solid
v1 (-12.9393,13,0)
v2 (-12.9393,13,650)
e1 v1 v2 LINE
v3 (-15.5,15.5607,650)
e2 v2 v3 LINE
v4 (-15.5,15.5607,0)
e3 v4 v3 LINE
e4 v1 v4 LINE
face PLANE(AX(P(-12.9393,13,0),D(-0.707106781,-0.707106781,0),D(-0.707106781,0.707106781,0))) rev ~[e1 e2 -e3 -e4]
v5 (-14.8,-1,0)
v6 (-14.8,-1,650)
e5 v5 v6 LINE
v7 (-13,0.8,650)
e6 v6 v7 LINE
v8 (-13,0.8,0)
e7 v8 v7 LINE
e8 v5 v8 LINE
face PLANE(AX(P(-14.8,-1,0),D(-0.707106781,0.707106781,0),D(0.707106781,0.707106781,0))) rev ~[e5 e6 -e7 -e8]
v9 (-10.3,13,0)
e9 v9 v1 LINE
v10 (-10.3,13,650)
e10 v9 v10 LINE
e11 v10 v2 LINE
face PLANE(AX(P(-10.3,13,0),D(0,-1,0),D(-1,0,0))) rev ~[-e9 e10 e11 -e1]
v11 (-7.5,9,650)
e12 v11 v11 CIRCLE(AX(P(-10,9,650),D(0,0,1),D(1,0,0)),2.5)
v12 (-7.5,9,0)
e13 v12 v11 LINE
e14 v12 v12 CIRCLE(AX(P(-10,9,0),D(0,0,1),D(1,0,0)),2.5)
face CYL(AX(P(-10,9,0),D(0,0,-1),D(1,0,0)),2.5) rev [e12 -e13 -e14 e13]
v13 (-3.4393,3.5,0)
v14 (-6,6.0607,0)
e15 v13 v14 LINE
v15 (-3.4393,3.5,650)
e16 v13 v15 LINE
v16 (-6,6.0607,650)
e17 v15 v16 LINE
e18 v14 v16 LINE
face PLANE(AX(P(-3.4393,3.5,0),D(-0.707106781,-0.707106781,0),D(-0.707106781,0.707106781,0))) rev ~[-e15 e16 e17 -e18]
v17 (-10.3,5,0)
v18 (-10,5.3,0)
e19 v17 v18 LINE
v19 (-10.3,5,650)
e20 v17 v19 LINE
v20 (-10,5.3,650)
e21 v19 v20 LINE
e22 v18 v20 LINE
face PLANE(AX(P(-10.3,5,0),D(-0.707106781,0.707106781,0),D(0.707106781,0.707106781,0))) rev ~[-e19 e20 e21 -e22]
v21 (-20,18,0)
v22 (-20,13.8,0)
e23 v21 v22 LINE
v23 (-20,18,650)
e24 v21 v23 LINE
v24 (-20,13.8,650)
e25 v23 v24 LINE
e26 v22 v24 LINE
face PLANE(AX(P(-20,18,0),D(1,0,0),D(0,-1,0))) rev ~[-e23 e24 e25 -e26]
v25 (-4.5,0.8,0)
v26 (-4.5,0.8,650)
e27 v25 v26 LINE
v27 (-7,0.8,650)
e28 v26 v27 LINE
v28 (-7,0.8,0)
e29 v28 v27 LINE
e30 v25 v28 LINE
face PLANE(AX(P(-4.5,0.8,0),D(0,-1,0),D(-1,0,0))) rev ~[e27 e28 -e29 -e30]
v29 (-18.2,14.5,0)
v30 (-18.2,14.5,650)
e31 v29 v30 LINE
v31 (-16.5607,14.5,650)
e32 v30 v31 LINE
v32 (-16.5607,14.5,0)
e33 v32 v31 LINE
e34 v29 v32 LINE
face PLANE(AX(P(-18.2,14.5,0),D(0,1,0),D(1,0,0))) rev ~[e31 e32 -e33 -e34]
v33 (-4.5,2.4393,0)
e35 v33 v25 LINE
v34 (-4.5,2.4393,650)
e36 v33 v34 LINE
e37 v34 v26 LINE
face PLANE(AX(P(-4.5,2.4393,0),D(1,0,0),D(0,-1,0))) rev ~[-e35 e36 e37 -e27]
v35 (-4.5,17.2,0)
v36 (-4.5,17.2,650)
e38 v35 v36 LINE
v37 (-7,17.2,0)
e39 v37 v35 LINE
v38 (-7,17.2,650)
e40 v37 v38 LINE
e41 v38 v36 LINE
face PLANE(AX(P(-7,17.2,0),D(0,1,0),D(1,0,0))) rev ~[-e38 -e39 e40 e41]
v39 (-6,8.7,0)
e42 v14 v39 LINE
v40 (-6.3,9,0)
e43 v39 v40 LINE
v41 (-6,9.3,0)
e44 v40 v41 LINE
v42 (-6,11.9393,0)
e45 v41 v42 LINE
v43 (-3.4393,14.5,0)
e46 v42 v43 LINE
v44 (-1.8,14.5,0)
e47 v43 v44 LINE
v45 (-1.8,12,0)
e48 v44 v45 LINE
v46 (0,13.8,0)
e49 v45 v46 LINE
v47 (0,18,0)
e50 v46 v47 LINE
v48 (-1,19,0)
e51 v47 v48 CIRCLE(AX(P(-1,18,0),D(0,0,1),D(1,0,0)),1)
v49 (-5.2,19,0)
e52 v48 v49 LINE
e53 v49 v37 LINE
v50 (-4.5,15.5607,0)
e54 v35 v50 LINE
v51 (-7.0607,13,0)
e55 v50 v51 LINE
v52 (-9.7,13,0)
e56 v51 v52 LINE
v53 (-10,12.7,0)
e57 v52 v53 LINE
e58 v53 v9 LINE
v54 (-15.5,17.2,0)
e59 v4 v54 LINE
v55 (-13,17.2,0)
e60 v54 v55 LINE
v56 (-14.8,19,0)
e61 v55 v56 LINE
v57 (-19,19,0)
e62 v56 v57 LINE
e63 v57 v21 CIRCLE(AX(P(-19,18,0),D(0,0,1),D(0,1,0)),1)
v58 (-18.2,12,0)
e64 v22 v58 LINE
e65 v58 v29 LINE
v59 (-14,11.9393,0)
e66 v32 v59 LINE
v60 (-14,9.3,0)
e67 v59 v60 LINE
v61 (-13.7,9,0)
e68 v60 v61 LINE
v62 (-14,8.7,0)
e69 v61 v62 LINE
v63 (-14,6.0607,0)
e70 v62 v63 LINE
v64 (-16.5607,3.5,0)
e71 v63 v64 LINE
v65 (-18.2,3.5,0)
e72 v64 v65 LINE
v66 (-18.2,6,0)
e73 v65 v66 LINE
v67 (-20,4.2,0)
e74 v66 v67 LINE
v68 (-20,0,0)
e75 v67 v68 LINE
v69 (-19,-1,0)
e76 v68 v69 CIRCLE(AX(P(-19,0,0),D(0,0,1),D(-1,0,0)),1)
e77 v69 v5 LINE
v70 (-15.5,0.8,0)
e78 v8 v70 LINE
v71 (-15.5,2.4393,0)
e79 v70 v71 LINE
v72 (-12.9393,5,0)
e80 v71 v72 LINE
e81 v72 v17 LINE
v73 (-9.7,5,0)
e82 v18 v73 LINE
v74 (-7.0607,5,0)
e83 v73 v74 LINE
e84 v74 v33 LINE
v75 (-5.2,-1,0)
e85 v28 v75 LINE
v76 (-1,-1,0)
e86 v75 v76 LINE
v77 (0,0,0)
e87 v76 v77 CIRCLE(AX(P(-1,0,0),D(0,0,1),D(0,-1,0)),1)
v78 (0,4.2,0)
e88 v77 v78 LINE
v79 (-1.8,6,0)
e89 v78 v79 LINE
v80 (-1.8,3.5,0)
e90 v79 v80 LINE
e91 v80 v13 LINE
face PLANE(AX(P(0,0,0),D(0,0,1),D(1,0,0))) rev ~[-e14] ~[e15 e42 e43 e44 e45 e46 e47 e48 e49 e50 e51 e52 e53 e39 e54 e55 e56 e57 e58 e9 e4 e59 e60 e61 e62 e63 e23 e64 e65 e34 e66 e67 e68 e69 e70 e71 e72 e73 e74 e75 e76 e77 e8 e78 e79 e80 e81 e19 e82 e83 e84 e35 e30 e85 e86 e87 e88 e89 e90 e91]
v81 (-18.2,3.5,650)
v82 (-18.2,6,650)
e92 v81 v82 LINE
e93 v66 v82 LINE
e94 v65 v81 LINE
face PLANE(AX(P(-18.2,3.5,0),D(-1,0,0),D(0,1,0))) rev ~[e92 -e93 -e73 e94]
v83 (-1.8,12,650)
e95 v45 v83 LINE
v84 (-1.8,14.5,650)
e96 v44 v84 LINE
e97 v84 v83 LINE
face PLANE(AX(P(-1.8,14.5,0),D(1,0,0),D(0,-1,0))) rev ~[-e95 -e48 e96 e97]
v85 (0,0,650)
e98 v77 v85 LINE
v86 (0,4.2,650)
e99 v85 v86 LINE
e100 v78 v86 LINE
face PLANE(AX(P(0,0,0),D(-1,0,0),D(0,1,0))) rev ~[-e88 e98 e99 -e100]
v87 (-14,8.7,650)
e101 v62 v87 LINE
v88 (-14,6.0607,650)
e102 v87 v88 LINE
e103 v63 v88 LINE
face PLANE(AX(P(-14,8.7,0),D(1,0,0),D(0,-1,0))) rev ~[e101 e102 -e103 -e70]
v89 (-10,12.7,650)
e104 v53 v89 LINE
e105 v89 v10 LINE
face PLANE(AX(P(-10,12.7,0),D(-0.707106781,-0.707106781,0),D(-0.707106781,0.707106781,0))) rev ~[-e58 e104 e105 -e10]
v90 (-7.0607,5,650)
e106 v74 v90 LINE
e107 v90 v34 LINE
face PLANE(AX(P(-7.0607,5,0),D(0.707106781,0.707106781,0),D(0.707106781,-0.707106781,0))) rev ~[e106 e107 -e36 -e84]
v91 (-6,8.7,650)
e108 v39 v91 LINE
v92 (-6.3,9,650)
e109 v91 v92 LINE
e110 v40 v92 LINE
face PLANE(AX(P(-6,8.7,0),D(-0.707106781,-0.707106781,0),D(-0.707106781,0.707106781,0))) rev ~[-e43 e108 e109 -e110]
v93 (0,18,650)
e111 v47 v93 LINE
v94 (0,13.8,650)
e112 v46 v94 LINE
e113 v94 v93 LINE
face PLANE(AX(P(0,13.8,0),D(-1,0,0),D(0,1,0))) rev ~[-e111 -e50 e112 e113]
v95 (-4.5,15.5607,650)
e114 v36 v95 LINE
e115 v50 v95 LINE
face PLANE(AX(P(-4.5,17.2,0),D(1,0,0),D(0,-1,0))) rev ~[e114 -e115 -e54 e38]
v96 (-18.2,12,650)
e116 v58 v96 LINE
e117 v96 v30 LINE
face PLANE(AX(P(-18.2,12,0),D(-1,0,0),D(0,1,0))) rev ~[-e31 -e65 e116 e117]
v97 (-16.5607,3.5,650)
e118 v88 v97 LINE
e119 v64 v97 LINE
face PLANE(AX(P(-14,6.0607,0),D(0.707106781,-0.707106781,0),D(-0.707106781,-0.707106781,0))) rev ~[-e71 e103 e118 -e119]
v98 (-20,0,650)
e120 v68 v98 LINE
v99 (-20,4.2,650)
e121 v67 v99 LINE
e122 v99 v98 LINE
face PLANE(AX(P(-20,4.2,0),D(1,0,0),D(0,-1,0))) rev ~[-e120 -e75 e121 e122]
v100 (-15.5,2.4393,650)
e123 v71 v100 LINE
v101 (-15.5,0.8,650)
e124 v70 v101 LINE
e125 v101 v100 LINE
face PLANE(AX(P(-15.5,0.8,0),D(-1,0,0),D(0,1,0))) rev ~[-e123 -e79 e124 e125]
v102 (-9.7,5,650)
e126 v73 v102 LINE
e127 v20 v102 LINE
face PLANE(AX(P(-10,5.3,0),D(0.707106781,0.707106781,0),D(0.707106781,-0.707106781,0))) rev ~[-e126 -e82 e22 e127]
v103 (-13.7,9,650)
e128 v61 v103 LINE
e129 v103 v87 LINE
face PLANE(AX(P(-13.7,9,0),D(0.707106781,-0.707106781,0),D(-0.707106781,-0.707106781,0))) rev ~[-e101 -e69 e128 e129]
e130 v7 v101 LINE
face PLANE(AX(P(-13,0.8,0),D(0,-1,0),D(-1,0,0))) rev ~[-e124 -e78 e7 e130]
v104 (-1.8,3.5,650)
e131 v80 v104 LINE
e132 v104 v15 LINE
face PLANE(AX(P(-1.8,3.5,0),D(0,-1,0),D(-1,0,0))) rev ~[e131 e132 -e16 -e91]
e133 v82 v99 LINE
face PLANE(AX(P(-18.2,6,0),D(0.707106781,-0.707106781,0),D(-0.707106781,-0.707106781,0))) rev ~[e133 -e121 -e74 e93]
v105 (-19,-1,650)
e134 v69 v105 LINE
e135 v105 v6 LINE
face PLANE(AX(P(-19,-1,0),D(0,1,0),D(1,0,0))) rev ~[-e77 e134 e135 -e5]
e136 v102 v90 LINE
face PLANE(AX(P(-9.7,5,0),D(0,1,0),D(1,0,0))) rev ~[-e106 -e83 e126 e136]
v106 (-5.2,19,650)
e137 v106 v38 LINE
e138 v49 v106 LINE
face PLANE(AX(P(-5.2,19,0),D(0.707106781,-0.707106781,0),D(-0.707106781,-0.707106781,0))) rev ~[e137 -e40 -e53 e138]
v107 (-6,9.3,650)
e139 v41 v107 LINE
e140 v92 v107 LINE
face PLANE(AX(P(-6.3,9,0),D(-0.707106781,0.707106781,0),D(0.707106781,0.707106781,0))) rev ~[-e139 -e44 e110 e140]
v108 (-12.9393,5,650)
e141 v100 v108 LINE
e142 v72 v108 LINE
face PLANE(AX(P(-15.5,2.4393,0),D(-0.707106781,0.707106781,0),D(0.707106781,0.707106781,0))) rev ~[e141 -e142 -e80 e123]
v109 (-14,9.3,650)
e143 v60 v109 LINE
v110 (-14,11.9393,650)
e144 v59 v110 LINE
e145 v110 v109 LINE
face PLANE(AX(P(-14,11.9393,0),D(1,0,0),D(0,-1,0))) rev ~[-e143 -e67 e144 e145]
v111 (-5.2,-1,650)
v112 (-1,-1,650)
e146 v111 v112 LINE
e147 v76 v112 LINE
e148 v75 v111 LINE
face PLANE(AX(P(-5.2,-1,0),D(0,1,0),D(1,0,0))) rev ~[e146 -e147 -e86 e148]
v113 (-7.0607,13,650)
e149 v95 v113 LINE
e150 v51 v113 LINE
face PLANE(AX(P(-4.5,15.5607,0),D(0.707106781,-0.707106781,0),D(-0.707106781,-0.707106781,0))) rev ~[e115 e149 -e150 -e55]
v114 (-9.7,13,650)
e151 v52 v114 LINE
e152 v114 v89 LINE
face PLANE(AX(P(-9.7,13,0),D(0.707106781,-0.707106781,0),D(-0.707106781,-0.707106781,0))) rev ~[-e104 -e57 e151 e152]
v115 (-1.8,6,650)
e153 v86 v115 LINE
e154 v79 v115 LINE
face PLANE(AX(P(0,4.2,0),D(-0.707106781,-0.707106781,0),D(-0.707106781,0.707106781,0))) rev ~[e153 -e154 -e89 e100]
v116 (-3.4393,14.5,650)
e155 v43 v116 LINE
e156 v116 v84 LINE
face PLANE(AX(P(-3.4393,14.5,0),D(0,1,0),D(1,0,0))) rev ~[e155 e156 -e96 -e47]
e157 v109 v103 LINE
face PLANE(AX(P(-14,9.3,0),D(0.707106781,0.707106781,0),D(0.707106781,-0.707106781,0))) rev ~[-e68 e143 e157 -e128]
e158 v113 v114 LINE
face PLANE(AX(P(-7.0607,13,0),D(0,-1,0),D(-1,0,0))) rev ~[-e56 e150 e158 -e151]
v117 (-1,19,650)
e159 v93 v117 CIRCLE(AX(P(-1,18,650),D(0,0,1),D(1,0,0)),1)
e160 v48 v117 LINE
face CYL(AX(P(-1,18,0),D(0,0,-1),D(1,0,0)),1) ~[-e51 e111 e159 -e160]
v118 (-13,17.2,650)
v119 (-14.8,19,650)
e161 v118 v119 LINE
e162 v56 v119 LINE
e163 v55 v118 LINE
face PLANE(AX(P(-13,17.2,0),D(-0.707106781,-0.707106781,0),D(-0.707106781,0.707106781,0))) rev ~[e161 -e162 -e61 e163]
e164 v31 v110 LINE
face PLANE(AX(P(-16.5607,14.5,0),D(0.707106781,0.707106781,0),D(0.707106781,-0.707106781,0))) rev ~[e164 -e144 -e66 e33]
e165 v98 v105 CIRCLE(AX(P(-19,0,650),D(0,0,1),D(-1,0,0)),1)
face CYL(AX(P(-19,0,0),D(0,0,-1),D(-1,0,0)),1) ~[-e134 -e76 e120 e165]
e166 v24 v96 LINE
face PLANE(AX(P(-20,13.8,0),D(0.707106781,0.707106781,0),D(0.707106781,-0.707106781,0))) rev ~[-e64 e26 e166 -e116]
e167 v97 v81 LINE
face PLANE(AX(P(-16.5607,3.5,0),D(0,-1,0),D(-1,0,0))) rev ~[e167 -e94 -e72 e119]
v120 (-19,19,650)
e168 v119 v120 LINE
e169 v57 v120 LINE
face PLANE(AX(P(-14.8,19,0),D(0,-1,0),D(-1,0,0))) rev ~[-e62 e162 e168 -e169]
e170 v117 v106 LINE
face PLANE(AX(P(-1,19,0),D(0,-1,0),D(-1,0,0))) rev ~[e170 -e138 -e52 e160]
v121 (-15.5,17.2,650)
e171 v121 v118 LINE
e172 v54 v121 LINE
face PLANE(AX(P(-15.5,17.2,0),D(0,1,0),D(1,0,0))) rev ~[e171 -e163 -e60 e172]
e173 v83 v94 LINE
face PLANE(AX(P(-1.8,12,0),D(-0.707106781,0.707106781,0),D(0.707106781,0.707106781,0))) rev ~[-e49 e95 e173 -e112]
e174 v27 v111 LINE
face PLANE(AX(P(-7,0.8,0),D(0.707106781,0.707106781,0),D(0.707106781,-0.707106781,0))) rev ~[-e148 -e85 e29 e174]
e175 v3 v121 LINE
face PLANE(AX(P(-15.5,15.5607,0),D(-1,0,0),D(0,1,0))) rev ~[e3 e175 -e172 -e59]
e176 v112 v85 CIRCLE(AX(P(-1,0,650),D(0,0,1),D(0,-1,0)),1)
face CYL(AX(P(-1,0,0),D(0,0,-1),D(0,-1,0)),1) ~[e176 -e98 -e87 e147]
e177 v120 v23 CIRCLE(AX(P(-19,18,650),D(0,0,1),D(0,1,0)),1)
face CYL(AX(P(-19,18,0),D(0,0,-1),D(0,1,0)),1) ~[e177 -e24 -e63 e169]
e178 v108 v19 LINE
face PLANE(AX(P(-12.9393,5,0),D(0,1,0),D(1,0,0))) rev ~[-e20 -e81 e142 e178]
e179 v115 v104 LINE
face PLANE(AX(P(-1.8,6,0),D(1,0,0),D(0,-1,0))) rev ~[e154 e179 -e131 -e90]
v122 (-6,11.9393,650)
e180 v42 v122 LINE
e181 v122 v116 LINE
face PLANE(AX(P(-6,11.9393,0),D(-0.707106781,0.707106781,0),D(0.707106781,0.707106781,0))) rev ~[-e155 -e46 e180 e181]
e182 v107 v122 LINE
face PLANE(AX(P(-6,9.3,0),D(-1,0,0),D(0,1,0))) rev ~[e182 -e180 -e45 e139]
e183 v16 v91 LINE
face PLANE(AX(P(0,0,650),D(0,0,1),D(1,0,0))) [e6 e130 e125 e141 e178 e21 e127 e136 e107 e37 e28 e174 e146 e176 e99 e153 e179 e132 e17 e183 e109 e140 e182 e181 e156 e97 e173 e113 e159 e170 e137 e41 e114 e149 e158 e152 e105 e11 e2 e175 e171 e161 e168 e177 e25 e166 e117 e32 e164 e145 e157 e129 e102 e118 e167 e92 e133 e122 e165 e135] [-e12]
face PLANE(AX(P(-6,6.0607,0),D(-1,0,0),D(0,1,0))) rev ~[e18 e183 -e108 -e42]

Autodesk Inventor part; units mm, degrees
ref_plane "YZ Plane" through (0, 0, 0) normal (1, 0, 0) x (0, 1, 0)
ref_plane "XZ Plane" through (0, 0, 0) normal (0, 1, 0) x (-1, 0, 0)
ref_plane "XY Plane" through (0, 0, 0) normal (0, 0, 1) x (1, 0, 0)
sketch "Sketch1" plane through (0, 0, 0) normal (0, 0, 1) x (1, 0, 0)
  line L0 (-14, 8.7) -> (-14, 6.0607)
  line L1 (-14, 8.7) -> (-14, 6.0607)
  line L2 (-14, 6.0607) -> (-16.5607, 3.5)
  line L3 (-14, 6.0607) -> (-16.5607, 3.5)
  line L4 (-16.5607, 3.5) -> (-18.2, 3.5)
  line L5 (-16.5607, 3.5) -> (-18.2, 3.5)
  line L6 (-18.2, 3.5) -> (-18.2, 6)
  line L7 (-18.2, 3.5) -> (-18.2, 6)
  line L8 (-20, 4.2) -> (-20, 0)
  line L9 (-18.2, 6) -> (-20, 4.2)
  line L10 (-20, 4.2) -> (-20, 0)
  line L11 (-19, -1) -> (-14.8, -1)
  line L12 (-19, -1) -> (-14.8, -1)
  line L13 (-14.8, -1) -> (-13, 0.8)
  line L14 (-14.8, -1) -> (-13, 0.8)
  line L15 (-15.5, 0.8) -> (-15.5, 2.4393)
  line L16 (-13, 0.8) -> (-15.5, 0.8)
  line L17 (-15.5, 0.8) -> (-15.5, 2.4393)
  line L18 (-12.9393, 5) -> (-10.3, 5)
  line L19 (-15.5, 2.4393) -> (-12.9393, 5)
  line L20 (-12.9393, 5) -> (-10.3, 5)
  line L21 (-10, 5.3) -> (-9.7, 5)
  line L22 (-10.3, 5) -> (-10, 5.3)
  line L23 (-13.7, 9) -> (-14, 8.7)
  line L24 (-13.7, 9) -> (-14, 8.7)
  line L25 (-10, 9) -> (-10, 10.0607)
  circle A0 centre (-10, 9) radius 2.5
  arc A1 (-20, 0) -> (-19, -1) centre (-19, 0) ccw
  arc A2 (-20, 0) -> (-19, -1) centre (-19, 0) ccw
  line L26 (-7.0607, 5) -> (-4.5, 2.4393)
  line L27 (-4.5, 2.4393) -> (-4.5, 0.8)
  line L28 (-4.5, 0.8) -> (-7, 0.8)
  line L29 (-7, 0.8) -> (-5.2, -1)
  line L30 (-3.4393, 3.5) -> (-6, 6.0607)
  line L31 (-1.8, 6) -> (-1.8, 3.5)
  line L32 (-1.8, 3.5) -> (-3.4393, 3.5)
  line L33 (0, 4.2) -> (-1.8, 6)
  line L34 (-5.2, -1) -> (-1, -1)
  line L35 (0, 0) -> (0, 4.2)
  arc A3 (-1, -1) -> (0, 0) centre (-1, 0) ccw
  line L36 (-9.7, 5) -> (-7.0607, 5)
  line L37 (-6, 6.0607) -> (-6, 8.7)
  line L38 (-6, 8.7) -> (-6.3, 9)
  line L39 (-10, 5.3) -> (-9.7, 5)
  line L40 (-6, 11.9393) -> (-3.4393, 14.5)
  line L41 (-3.4393, 14.5) -> (-1.8, 14.5)
  line L42 (-1.8, 14.5) -> (-1.8, 12)
  line L43 (-1.8, 12) -> (0, 13.8)
  line L44 (-4.5, 15.5607) -> (-7.0607, 13)
  line L45 (-7, 17.2) -> (-4.5, 17.2)
  line L46 (-4.5, 17.2) -> (-4.5, 15.5607)
  line L47 (-5.2, 19) -> (-7, 17.2)
  line L48 (0, 13.8) -> (0, 18)
  line L49 (-1, 19) -> (-5.2, 19)
  arc A4 (0, 18) -> (-1, 19) centre (-1, 18) ccw
  line L50 (-6, 9.3) -> (-6, 11.9393)
  line L51 (-7.0607, 13) -> (-9.7, 13)
  line L52 (-9.7, 13) -> (-10, 12.7)
  line L53 (-6.3, 9) -> (-6, 9.3)
  line L54 (-12.9393, 13) -> (-15.5, 15.5607)
  line L55 (-15.5, 15.5607) -> (-15.5, 17.2)
  line L56 (-15.5, 17.2) -> (-13, 17.2)
  line L57 (-13, 17.2) -> (-14.8, 19)
  line L58 (-16.5607, 14.5) -> (-14, 11.9393)
  line L59 (-18.2, 12) -> (-18.2, 14.5)
  line L60 (-18.2, 14.5) -> (-16.5607, 14.5)
  line L61 (-20, 13.8) -> (-18.2, 12)
  line L62 (-14.8, 19) -> (-19, 19)
  line L63 (-20, 18) -> (-20, 13.8)
  arc A5 (-19, 19) -> (-20, 18) centre (-19, 18) ccw
  line L64 (-10.3, 13) -> (-12.9393, 13)
  line L65 (-14, 11.9393) -> (-14, 9.3)
  line L66 (-14, 9.3) -> (-13.7, 9)
  line L67 (-10, 12.7) -> (-10.3, 13)
  point P0 (0, 0)
  point P1 (-1, 0)
  point P2 (-1, 18)
  point P3 (-19, 18)
  dimension "d2" = 360
extrude "Extrusion1" add sketch "Sketch1" along normal blind 650
ref_plane "Work Plane1" through (0, 4.2, 650) normal (1, 0, 0) x (0, 0, -1)
properties part number "20x20 aluminum" material "Aluminum 6061"
